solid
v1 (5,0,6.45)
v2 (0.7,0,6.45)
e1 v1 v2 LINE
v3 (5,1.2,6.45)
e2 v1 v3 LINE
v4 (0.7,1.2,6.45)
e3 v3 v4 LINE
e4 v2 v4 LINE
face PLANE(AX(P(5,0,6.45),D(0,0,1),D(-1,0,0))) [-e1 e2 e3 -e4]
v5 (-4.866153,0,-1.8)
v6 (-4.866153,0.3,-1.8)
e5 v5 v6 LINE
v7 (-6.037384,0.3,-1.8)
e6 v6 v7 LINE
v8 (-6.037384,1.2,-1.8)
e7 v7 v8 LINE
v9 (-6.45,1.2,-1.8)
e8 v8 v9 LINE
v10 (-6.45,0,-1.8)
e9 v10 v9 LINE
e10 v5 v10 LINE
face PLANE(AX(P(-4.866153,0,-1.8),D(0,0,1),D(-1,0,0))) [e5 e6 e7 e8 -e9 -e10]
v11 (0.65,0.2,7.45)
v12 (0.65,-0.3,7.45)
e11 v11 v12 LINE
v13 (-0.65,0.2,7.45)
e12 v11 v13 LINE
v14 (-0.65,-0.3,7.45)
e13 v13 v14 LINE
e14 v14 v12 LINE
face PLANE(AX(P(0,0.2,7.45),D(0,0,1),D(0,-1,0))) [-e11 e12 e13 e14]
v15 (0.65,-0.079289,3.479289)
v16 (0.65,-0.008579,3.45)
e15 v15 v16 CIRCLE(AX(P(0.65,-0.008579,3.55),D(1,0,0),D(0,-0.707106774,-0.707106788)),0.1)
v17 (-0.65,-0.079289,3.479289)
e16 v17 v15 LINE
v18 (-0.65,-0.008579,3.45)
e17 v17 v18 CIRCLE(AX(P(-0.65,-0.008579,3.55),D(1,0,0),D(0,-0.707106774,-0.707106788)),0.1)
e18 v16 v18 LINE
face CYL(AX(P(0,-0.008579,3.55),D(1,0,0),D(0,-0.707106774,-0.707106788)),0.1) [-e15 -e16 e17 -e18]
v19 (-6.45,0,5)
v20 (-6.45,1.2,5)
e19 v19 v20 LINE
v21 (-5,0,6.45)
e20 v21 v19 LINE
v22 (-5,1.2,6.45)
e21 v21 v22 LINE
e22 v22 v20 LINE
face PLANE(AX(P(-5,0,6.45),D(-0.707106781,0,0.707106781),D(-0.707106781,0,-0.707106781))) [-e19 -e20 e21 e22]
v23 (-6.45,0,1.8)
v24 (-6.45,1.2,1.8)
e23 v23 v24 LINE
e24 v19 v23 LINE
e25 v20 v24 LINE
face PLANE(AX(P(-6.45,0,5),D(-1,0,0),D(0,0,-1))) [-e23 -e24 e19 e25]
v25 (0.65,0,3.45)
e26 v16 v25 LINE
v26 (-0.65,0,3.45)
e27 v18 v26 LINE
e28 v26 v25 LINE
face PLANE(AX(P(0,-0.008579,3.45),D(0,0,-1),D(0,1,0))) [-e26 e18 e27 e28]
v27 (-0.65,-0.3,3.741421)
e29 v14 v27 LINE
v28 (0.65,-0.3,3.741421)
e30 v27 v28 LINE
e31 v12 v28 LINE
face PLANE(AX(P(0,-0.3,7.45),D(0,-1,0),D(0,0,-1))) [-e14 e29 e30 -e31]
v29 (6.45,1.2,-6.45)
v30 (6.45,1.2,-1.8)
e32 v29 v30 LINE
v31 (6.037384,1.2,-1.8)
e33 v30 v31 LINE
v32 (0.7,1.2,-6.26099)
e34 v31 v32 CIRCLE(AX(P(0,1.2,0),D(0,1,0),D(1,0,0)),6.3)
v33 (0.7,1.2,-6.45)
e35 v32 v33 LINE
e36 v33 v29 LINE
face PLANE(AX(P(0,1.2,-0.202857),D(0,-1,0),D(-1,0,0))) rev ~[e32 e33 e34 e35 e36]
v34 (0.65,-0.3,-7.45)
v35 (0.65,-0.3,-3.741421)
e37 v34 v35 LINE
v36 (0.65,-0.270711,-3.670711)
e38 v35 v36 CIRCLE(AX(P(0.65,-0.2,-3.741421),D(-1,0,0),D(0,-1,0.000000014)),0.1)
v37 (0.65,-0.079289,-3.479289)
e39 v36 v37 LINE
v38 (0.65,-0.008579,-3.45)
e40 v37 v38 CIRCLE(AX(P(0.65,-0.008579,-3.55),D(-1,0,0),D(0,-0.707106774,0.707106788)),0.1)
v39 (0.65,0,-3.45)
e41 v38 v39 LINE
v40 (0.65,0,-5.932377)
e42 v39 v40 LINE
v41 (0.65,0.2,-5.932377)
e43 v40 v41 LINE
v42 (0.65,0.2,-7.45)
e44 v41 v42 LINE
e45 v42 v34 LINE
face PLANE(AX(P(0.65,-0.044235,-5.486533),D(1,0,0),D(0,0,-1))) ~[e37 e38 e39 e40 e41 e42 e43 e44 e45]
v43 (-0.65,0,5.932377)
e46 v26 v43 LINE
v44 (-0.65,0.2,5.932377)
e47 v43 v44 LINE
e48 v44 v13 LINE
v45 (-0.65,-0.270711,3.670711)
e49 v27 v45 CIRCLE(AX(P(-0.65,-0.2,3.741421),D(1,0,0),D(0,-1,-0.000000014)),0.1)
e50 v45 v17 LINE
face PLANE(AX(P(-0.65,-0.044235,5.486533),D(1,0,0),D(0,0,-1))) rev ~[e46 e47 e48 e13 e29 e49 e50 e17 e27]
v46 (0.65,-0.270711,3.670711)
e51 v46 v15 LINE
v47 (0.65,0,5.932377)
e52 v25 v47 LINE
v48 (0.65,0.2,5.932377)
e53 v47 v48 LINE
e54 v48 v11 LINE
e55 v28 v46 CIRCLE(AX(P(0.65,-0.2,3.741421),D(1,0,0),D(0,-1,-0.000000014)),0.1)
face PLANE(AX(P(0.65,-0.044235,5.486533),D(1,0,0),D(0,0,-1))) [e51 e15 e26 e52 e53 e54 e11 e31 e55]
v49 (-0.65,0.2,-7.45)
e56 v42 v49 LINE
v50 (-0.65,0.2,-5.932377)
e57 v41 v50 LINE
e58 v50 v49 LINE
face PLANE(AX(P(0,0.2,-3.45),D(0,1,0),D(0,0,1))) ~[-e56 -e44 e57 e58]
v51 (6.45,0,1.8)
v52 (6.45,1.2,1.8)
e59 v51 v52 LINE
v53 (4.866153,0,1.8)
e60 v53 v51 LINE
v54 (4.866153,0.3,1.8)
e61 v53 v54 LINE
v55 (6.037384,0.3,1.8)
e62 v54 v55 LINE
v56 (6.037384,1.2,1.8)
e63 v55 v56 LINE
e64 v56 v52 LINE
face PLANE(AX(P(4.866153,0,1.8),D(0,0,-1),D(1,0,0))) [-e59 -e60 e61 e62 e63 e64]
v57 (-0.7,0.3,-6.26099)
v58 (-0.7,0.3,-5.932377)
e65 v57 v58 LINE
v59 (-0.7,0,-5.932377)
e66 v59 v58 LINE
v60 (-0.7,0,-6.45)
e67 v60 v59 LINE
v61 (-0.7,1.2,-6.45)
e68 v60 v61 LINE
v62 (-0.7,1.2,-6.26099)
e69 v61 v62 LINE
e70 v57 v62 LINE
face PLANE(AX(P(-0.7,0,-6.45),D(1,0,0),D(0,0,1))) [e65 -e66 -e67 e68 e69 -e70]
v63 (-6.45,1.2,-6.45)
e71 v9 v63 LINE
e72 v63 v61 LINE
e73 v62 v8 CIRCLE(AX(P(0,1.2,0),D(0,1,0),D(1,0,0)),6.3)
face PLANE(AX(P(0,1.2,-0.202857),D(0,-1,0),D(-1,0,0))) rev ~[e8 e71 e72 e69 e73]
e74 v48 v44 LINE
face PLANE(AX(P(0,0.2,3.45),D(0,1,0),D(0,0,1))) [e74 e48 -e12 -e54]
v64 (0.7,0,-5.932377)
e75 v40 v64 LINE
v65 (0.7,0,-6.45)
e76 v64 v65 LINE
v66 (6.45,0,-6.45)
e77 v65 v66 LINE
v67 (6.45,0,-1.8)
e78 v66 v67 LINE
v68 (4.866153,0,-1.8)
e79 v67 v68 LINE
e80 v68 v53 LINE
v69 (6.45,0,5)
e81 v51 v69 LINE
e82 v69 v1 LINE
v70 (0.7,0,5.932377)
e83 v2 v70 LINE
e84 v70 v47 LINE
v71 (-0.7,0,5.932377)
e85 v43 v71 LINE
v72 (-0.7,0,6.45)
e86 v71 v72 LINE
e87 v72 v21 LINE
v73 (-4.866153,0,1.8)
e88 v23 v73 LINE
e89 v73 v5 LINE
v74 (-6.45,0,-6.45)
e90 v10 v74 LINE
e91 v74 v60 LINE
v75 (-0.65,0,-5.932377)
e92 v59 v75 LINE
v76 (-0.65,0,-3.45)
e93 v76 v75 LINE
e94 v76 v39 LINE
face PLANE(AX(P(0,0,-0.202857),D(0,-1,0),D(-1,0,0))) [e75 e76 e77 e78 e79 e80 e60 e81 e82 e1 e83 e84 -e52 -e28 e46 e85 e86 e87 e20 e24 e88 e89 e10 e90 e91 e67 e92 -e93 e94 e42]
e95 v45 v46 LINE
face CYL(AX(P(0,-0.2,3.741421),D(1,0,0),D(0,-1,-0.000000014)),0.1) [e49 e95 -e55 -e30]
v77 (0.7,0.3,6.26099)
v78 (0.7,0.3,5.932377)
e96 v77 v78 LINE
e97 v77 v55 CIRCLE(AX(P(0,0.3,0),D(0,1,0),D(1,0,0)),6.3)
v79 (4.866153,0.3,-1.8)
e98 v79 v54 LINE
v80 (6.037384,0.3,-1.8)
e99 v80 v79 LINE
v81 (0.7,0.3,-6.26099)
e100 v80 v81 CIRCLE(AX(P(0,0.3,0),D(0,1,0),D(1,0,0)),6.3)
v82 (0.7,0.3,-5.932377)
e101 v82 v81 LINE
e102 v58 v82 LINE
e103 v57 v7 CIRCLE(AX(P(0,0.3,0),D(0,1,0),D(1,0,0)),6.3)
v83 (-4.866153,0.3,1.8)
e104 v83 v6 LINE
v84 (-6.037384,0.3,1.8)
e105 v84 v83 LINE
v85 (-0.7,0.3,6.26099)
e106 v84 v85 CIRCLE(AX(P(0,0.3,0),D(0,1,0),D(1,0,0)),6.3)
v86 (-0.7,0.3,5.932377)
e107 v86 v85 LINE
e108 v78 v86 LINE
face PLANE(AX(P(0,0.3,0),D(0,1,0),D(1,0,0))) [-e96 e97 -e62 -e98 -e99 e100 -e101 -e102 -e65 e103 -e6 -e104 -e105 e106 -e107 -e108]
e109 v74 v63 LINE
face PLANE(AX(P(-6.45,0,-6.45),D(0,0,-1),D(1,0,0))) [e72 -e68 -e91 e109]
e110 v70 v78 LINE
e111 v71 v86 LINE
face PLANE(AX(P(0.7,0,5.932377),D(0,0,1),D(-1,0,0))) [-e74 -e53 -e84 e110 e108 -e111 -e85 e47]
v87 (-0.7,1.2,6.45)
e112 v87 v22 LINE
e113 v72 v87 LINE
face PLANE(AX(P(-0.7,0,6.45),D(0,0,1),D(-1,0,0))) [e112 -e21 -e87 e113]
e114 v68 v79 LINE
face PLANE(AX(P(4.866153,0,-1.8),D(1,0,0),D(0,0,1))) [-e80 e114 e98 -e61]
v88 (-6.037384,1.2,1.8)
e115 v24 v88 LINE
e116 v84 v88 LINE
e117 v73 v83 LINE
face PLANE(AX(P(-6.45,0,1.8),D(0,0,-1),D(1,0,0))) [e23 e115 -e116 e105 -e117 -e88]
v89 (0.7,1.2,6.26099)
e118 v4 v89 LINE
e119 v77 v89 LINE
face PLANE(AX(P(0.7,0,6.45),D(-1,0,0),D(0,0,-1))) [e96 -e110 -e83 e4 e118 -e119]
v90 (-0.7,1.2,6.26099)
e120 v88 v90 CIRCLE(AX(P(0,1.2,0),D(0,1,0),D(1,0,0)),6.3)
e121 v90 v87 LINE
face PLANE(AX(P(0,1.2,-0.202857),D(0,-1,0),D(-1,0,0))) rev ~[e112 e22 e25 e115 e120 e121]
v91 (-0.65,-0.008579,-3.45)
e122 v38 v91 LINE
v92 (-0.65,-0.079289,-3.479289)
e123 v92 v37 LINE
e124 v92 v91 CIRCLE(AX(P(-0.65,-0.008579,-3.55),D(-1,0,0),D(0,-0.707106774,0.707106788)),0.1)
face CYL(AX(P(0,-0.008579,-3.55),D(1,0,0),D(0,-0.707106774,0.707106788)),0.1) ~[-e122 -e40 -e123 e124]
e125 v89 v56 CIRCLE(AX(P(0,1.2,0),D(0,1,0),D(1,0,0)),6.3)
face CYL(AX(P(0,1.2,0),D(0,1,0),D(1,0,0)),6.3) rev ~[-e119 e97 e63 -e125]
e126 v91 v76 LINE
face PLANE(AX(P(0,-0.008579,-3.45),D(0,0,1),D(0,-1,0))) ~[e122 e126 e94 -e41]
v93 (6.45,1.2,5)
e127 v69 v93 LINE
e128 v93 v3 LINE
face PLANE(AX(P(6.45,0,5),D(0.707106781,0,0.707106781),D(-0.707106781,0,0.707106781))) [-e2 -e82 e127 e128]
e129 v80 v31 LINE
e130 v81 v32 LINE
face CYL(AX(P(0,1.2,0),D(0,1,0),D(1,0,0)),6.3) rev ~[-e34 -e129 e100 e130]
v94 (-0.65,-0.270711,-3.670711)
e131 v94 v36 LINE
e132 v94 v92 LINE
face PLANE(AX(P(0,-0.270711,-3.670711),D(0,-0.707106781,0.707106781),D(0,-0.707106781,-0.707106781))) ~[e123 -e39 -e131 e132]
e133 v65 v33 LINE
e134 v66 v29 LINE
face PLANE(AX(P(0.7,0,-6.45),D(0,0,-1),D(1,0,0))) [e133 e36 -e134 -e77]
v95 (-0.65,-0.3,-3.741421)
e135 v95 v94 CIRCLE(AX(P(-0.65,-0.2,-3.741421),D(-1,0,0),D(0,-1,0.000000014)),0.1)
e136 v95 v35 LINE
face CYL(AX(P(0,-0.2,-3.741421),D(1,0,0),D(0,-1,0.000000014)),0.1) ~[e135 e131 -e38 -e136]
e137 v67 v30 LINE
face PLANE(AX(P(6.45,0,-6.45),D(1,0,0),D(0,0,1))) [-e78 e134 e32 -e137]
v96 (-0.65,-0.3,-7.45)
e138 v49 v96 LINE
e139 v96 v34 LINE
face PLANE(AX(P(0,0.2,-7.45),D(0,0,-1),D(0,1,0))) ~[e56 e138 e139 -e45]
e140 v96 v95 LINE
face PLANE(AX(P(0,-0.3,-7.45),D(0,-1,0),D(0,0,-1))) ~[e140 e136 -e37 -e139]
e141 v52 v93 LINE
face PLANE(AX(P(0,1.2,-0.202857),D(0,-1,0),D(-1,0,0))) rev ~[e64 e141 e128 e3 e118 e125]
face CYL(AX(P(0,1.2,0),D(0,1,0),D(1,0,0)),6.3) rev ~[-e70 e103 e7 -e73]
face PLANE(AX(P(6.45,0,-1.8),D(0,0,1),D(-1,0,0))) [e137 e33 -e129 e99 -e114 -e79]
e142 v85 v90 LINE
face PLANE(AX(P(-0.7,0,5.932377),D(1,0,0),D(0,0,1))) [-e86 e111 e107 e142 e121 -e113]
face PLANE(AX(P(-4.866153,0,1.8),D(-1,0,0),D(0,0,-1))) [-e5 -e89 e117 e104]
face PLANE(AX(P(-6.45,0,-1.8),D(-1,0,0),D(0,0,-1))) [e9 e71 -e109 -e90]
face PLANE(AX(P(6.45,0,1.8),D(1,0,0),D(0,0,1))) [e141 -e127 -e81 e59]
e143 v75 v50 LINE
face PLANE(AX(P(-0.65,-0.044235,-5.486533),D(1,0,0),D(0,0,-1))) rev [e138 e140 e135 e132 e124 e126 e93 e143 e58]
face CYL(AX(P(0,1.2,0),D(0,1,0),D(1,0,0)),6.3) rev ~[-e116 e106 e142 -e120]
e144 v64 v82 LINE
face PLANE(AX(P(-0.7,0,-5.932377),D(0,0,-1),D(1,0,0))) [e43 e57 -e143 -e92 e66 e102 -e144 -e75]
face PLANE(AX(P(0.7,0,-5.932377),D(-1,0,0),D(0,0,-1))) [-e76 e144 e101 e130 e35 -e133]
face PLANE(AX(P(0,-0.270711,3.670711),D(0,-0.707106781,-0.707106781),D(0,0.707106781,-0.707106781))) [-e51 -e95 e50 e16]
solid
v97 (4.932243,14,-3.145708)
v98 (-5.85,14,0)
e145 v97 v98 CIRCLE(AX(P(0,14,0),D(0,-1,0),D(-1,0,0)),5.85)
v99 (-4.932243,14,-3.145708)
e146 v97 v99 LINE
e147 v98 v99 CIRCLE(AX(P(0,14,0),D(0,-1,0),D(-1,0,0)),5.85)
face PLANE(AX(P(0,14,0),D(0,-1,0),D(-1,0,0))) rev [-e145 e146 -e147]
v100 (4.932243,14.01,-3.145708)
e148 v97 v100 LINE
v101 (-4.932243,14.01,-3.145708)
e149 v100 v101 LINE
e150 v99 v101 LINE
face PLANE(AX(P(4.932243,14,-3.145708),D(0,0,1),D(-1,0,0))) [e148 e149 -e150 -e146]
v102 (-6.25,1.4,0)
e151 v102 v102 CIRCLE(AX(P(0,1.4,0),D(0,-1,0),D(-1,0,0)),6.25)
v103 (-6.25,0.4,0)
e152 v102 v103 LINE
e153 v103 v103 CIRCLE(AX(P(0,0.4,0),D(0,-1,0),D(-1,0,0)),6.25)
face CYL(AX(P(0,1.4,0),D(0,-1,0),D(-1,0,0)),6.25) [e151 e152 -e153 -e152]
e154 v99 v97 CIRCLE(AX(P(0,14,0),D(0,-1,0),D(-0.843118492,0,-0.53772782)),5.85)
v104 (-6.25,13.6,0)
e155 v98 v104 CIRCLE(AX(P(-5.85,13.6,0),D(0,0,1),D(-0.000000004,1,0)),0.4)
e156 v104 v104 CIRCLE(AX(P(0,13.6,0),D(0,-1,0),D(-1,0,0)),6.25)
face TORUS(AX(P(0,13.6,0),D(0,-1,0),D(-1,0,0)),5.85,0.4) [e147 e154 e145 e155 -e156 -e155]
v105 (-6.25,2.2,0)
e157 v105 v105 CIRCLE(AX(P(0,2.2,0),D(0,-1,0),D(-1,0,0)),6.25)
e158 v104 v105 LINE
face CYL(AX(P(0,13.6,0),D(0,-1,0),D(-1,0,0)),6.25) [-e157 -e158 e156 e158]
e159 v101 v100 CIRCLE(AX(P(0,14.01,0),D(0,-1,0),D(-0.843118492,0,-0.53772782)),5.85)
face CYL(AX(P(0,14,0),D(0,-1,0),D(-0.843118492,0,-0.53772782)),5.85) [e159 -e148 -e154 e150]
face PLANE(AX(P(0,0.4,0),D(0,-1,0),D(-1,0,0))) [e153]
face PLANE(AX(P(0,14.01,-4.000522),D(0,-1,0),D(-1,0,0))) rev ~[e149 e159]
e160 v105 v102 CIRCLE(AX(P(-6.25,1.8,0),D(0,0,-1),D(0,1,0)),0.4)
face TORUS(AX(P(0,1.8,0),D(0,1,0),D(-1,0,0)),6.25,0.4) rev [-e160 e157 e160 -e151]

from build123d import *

# Parameters (mm, degrees)
BOSS_EXTRUDE1_DEPTH = 1.2
CUT_EXTRUDE1_START  = 1.2
SKETCH4_R           = 6.3
CUT_EXTRUDE1_DEPTH  = 0.9
BOSS_EXTRUDE2_DEPTH = 0.65
BOSS_EXTRUDE3_DEPTH = 0.01


with BuildPart() as part:
    # Sketch1 → Boss-Extrude1 (new body)
    with BuildSketch(Plane(origin=(0, 0, 0), x_dir=(1, 0, 0), z_dir=(0, 1, 0))):
        Polygon((-6.45, 6.45), (-0.7, 6.45), (-0.7, 5.932376892), (0.7, 5.932376892), (0.7, 6.45), (6.45, 6.45), (6.45, 1.8), (4.866153182, 1.8), (4.866153182, -1.8), (6.45, -1.8), (6.45, -5), (5, -6.45), (0.7, -6.45), (0.7, -5.932376892), (-0.7, -5.932376892), (-0.7, -6.45), (-5, -6.45), (-6.45, -5), (-6.45, -1.8), (-4.866153182, -1.8), (-4.866153182, 1.8), (-6.45, 1.8), align=None)
    extrude(amount=BOSS_EXTRUDE1_DEPTH)

    # Sketch4 → Cut-Extrude1 (cut)
    with BuildSketch(Plane(origin=(0, 0, 0), x_dir=(1, 0, 0), z_dir=(0, 1, 0)).offset(CUT_EXTRUDE1_START)):
        Circle(SKETCH4_R)
    extrude(amount=-CUT_EXTRUDE1_DEPTH, mode=Mode.SUBTRACT)

    # Sketch5 → Boss-Extrude2 (add, symmetric)
    with BuildSketch(Plane(origin=(0, 0, 0), x_dir=(0, 0, -1), z_dir=(1, 0, 0))):
        with BuildLine():
            Line((-7.45, 0.2), (-7.45, -0.3))
            Line((-7.45, -0.3), (-3.741421356, -0.3))
            ThreePointArc((-3.741421356, -0.3), (-3.703153013, -0.292387953), (-3.670710678, -0.270710678))
            Line((-3.670710678, -0.270710678), (-3.479289322, -0.079289322))
            ThreePointArc((-3.479289322, -0.079289322), (-3.457612047, -0.046846987), (-3.45, -0.008578644))
            Line((-3.45, -0.008578644), (-3.45, 0.2))
            Line((-3.45, 0.2), (-7.45, 0.2))
        make_face()
    boss_extrude2 = extrude(amount=BOSS_EXTRUDE2_DEPTH, both=True)

    # Mirror1: Boss-Extrude2 across plane
    add(boss_extrude2.mirror(Plane.XY))


with BuildPart() as body_2:
    # Sketch3 → Revolve1 (revolve)
    with BuildSketch(Plane.XY):
        with BuildLine():
            Line((-6.25, 13.6), (-6.25, 2.2))
            ThreePointArc((-6.25, 2.2), (-5.85, 1.8), (-6.25, 1.4))
            Line((-6.25, 1.4), (-6.25, 0.4))
            Line((-6.25, 0.4), (0, 0.4))
            Line((0, 0.4), (0, 14))
            Line((0, 14), (-5.85, 14))
            ThreePointArc((-5.85, 14), (-6.132842712, 13.882842712), (-6.25, 13.6))
        make_face()
    revolve(axis=Axis((0, 22.223469288, 0), (0, -1, 0)))

    # Sketch6 → Boss-Extrude3 (add)
    with BuildSketch(Plane(origin=(0, 14, 0), x_dir=(1, 0, 0), z_dir=(0, 1, 0))):
        with BuildLine():
            Line((4.932243179, 3.145707746), (-4.932243179, 3.145707746))
            ThreePointArc((-4.932243179, 3.145707746), (0, 5.85), (4.932243179, 3.145707746))
        make_face()
    extrude(amount=BOSS_EXTRUDE3_DEPTH)


solid = Compound([part.part, body_2.part])
